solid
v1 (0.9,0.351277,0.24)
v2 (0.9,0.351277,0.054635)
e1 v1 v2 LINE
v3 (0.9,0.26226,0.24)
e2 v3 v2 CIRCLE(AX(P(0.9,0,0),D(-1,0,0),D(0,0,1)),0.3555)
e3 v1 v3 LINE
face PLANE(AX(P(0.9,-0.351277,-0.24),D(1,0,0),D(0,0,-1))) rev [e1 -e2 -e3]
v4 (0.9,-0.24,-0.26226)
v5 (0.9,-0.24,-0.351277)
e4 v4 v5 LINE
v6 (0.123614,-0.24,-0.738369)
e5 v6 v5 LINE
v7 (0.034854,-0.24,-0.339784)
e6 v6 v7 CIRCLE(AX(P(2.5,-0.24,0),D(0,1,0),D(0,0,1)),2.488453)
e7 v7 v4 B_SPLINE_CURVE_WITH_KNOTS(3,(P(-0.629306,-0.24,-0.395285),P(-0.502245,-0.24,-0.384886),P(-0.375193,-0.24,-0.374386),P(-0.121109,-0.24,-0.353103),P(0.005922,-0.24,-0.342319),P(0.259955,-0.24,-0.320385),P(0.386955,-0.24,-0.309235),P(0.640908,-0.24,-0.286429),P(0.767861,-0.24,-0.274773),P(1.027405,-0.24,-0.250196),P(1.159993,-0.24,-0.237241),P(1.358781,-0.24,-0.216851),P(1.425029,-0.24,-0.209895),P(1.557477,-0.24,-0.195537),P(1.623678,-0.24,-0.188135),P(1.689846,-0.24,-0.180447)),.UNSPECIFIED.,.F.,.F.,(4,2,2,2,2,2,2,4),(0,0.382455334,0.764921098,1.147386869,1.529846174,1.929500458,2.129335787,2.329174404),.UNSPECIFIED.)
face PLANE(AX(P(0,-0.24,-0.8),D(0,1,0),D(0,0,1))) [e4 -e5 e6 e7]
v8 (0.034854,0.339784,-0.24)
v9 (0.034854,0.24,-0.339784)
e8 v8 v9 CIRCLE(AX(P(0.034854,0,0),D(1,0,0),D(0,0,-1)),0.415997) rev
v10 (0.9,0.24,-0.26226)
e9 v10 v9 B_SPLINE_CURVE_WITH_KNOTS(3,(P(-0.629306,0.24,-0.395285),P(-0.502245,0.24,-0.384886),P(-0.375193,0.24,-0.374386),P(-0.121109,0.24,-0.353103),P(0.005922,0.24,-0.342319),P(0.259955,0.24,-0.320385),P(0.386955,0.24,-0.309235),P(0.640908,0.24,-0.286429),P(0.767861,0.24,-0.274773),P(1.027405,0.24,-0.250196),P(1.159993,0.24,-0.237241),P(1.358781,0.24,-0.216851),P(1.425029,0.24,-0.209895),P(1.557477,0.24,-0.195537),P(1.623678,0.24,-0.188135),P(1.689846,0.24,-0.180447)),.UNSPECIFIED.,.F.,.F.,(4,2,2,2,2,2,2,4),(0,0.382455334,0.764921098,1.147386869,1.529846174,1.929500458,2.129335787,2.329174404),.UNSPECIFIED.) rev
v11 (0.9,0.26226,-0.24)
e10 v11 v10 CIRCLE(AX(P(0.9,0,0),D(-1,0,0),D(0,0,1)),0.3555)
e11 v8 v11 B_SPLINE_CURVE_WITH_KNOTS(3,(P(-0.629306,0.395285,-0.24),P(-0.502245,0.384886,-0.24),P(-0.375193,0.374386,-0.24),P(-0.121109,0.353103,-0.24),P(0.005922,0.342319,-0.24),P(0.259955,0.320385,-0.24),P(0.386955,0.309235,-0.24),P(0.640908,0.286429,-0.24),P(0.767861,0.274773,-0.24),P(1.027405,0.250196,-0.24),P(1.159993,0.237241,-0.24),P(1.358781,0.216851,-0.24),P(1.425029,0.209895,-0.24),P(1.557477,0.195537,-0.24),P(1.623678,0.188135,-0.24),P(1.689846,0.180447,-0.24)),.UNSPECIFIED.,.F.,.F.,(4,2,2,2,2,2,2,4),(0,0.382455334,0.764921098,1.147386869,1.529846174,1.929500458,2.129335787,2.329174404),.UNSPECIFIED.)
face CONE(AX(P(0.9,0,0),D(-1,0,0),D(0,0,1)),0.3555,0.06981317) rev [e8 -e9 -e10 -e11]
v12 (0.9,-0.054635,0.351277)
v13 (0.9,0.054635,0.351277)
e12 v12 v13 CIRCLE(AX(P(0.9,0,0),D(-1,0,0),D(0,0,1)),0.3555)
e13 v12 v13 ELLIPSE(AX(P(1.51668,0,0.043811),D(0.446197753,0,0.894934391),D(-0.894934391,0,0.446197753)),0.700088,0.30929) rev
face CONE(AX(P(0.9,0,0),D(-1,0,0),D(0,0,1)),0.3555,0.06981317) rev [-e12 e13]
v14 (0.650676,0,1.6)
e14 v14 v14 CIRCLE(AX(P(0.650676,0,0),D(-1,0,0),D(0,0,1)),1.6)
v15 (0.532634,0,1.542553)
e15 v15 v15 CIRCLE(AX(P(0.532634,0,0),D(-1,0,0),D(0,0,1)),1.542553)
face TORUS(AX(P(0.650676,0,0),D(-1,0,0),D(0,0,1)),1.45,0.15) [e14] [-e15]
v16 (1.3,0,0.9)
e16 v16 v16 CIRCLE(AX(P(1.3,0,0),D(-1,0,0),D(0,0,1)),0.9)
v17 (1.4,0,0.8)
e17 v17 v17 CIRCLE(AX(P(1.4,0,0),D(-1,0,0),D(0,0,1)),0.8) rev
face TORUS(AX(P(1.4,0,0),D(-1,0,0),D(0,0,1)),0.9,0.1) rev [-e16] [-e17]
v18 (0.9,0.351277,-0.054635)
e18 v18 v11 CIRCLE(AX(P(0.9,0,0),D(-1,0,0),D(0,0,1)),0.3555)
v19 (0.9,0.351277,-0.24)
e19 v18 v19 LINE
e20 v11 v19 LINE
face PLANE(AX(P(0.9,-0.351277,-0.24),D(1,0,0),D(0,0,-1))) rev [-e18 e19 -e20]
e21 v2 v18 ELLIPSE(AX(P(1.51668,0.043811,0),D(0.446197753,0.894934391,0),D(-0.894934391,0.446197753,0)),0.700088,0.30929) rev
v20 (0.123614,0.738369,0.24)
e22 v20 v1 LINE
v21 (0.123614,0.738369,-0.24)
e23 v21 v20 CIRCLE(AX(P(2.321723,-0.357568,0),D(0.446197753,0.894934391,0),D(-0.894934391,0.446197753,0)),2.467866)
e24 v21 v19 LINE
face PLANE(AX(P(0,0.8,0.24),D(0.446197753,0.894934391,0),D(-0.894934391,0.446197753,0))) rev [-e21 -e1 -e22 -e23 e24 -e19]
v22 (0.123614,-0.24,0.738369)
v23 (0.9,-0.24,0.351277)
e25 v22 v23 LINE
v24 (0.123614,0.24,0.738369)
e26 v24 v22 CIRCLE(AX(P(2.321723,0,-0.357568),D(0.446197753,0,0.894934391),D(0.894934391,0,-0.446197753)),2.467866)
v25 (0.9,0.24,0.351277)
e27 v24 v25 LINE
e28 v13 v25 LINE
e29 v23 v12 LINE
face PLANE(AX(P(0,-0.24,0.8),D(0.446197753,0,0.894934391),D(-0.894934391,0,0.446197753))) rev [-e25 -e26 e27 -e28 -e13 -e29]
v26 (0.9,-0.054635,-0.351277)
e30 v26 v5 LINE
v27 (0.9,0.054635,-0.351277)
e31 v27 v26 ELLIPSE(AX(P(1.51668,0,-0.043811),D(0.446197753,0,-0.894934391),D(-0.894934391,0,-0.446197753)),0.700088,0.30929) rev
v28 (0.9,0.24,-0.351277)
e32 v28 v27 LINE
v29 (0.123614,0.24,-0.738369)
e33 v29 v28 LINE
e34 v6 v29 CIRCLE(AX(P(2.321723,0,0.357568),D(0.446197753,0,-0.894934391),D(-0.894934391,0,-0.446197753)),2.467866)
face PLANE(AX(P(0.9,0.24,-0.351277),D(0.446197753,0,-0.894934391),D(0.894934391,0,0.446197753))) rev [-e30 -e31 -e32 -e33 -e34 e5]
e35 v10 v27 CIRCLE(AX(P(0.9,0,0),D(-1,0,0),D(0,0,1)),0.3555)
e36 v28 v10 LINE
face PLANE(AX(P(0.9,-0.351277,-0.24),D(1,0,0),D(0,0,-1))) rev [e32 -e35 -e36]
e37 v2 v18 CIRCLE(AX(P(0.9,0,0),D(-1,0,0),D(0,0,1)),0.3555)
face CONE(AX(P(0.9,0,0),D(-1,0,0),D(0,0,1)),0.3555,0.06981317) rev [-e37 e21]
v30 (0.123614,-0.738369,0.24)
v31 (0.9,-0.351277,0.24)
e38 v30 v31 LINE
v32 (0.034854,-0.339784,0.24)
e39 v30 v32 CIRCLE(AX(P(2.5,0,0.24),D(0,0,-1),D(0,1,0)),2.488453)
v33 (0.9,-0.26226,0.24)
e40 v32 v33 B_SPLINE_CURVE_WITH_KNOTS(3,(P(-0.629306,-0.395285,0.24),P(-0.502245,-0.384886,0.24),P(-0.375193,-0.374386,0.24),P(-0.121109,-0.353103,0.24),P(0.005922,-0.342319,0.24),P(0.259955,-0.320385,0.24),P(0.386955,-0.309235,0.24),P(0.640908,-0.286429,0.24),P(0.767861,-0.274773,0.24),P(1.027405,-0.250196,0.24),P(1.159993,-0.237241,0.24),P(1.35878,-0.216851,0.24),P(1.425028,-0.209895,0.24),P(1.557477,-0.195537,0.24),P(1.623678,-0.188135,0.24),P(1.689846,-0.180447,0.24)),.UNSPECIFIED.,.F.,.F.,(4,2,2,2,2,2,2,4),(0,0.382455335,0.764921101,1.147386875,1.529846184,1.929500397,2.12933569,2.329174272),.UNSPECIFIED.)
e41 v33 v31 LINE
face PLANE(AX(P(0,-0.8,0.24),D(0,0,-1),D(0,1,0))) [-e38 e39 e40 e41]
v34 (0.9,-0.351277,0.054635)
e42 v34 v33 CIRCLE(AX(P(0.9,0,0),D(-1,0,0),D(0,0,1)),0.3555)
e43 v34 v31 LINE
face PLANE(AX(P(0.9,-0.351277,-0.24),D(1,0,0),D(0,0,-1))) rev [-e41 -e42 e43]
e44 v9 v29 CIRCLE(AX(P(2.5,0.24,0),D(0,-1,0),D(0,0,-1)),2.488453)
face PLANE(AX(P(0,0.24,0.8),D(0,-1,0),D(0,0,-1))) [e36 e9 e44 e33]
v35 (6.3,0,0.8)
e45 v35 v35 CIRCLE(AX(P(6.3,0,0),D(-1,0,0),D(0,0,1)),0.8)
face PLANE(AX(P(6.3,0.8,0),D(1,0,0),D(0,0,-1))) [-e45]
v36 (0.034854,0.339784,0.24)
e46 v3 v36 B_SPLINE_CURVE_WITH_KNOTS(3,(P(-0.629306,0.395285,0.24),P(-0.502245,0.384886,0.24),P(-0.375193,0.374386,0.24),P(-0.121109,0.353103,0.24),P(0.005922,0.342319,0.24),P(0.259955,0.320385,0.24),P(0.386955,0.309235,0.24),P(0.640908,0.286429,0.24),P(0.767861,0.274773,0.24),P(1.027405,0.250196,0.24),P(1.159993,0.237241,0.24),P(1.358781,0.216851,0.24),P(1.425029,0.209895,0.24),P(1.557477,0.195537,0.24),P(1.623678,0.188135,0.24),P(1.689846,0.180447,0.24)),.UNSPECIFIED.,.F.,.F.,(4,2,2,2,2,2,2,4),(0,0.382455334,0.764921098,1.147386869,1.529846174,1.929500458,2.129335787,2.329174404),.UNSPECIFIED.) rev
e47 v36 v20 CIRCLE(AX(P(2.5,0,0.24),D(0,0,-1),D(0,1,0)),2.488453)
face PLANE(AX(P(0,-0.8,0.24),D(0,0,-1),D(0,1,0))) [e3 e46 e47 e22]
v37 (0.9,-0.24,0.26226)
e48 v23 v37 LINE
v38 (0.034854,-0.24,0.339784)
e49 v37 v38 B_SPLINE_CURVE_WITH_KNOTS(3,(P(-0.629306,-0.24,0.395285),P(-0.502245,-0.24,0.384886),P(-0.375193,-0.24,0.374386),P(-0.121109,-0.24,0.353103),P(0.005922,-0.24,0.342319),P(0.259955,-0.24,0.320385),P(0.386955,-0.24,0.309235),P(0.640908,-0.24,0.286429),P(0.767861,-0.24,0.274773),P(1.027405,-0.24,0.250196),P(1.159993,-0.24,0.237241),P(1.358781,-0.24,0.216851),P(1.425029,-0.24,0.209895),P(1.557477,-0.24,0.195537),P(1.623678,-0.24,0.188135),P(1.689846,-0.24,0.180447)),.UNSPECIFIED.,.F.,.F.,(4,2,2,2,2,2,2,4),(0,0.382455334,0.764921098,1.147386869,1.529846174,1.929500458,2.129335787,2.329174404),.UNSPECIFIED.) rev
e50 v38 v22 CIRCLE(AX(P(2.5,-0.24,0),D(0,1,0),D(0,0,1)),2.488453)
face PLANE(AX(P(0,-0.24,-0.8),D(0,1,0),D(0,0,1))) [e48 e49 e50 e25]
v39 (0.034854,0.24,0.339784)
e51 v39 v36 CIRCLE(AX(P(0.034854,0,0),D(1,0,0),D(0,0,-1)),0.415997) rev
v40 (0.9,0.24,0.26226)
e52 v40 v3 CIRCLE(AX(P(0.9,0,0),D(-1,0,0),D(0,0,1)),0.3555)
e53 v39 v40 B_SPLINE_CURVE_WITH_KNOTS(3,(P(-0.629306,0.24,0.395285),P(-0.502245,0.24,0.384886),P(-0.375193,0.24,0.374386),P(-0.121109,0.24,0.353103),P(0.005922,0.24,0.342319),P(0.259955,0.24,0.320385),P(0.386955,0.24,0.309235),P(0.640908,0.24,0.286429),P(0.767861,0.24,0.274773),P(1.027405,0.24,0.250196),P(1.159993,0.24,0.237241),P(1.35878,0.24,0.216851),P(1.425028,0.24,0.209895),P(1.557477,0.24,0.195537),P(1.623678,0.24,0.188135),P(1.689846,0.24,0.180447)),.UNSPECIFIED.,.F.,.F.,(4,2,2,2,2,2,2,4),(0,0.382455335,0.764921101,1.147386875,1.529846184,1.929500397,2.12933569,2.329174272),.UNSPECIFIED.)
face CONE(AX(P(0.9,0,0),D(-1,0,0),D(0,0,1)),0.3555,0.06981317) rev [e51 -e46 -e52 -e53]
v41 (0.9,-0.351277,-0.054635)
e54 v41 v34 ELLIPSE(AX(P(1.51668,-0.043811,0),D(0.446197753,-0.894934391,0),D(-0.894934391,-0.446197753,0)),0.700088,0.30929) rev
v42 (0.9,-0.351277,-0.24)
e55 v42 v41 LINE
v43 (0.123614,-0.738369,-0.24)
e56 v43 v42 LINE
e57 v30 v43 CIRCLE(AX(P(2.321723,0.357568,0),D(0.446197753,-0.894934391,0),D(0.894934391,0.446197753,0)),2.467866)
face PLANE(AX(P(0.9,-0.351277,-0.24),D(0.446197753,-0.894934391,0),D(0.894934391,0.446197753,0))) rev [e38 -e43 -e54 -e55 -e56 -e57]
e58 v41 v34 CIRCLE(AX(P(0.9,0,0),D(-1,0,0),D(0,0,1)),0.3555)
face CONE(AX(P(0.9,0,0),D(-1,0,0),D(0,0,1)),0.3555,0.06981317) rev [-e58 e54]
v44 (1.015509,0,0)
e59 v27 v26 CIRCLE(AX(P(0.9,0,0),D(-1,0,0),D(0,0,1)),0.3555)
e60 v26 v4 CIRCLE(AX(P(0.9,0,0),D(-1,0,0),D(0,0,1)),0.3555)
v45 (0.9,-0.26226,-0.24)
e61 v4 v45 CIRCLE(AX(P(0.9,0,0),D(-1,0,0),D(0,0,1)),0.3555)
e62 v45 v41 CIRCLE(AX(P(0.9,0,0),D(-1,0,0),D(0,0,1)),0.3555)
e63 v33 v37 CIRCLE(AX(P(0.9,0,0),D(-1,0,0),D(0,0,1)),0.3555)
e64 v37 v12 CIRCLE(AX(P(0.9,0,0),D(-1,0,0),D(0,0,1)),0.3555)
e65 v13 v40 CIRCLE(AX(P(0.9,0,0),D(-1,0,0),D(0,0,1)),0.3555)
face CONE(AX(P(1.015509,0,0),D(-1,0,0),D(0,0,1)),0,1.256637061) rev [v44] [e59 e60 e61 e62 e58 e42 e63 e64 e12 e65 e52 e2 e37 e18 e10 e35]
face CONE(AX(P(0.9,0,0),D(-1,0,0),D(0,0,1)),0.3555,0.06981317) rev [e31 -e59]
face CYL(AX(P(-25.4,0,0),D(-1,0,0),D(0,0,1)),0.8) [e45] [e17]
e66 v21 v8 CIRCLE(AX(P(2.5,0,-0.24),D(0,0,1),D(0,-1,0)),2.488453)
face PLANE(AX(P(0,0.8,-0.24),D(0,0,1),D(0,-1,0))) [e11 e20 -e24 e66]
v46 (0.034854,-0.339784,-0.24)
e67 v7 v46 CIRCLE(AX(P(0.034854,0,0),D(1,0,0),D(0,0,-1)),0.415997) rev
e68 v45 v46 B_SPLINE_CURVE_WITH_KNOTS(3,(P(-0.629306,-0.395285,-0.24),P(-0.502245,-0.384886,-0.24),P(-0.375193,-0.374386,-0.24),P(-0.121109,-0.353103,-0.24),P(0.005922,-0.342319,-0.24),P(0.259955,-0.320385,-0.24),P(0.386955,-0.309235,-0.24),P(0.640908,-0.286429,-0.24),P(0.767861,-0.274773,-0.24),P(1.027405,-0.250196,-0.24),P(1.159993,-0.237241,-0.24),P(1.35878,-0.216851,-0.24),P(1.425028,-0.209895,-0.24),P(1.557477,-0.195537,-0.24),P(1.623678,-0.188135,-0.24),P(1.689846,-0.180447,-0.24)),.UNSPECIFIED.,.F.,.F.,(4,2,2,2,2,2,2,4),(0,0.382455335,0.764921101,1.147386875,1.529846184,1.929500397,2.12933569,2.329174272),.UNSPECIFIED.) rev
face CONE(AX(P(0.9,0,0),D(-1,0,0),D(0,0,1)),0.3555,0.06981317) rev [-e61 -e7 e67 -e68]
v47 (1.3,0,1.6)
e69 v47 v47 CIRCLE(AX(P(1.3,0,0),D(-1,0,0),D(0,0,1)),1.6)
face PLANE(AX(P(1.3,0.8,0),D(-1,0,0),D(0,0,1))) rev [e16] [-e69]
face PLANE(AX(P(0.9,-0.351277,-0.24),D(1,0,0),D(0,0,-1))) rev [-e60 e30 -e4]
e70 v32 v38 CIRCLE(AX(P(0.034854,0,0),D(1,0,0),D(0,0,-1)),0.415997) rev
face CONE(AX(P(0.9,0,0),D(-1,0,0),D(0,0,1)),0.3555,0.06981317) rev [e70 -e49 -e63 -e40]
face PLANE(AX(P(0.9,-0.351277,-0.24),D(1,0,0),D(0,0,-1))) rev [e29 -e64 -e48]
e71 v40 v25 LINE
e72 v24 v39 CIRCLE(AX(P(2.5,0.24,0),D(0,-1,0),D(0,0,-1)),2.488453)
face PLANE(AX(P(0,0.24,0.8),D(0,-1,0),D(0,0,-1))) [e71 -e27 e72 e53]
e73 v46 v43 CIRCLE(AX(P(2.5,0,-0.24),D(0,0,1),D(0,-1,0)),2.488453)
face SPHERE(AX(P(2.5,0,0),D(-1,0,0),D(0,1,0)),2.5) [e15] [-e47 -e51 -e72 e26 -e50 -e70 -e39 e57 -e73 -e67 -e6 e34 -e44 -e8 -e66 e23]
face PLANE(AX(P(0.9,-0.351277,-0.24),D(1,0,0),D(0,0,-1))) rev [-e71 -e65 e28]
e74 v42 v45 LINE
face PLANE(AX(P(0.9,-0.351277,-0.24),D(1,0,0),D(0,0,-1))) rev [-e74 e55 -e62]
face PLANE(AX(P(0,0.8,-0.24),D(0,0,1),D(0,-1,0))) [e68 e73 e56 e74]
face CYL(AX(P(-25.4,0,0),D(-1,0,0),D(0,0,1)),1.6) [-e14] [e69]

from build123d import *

# Parameters (mm, degrees)
FILLET1_R    = 0.1
SKETCH3_W    = 0.48
SKETCH3_H    = 1.6
SKETCH4_W    = 0.48
SKETCH4_H    = 0.702553256
RECPAT_COUNT = 2
RECPAT_ANGLE = 90


with BuildPart() as part:
    # BodySke → Base-Revolve (revolve)
    with BuildSketch(Plane.XY):
        with BuildLine():
            Line((1.3, 0.8), (1.3, 1.6))
            Line((1.3, 1.6), (0.650675799, 1.6))
            ThreePointArc((0.650675799, 1.6), (0.585036553, 1.584875829), (0.532633829, 1.542553191))
            ThreePointArc((0.532633829, 1.542553191), (0.136907172, 0.815960959), (0, 0))
            Line((0, 0), (6.3, 0))
            Line((6.3, 0), (6.3, 0.8))
            Line((6.3, 0.8), (1.3, 0.8))
        make_face()
    revolve(axis=Axis((-25.4, 0, 0), (1, 0, 0)))

    # Fillet1
    fillet1_edges = [part.edges().sort_by_distance(p)[0] for p in [
        (1.3, -0.8, 0),
    ]]
    fillet(fillet1_edges, radius=FILLET1_R)

    # Sketch3 → Recess section 0
    with BuildSketch(Plane(origin=(0, 0, 0), x_dir=(0, 0, -1), z_dir=(1, 0, 0))):
        Rectangle(SKETCH3_W, SKETCH3_H)
    # Sketch4 → Recess section 1
    with BuildSketch(Plane(origin=(0.9, 0, 0), x_dir=(0, 0, -1), z_dir=(1, 0, 0))):
        Rectangle(SKETCH4_W, SKETCH4_H)
    recess = loft(mode=Mode.SUBTRACT)

    # RecPat: Recess ×2 about axis
    recpat_axis = Axis((0, 0, 0), (1, 0, 0))
    for i in range(1, RECPAT_COUNT):
        add(recess.rotate(recpat_axis, i * RECPAT_ANGLE / (RECPAT_COUNT - 1)), mode=Mode.SUBTRACT)

    # RecCorSke → RecessCore (revolve, cut)
    with BuildSketch(Plane.XY):
        Polygon((0, 0), (0, 0.418434131), (0.9, 0.3555), (1.015508952, 0), align=None)
    revolve(axis=Axis((-3.175, 0, 0), (1, 0, 0)), mode=Mode.SUBTRACT)


solid = part.part
